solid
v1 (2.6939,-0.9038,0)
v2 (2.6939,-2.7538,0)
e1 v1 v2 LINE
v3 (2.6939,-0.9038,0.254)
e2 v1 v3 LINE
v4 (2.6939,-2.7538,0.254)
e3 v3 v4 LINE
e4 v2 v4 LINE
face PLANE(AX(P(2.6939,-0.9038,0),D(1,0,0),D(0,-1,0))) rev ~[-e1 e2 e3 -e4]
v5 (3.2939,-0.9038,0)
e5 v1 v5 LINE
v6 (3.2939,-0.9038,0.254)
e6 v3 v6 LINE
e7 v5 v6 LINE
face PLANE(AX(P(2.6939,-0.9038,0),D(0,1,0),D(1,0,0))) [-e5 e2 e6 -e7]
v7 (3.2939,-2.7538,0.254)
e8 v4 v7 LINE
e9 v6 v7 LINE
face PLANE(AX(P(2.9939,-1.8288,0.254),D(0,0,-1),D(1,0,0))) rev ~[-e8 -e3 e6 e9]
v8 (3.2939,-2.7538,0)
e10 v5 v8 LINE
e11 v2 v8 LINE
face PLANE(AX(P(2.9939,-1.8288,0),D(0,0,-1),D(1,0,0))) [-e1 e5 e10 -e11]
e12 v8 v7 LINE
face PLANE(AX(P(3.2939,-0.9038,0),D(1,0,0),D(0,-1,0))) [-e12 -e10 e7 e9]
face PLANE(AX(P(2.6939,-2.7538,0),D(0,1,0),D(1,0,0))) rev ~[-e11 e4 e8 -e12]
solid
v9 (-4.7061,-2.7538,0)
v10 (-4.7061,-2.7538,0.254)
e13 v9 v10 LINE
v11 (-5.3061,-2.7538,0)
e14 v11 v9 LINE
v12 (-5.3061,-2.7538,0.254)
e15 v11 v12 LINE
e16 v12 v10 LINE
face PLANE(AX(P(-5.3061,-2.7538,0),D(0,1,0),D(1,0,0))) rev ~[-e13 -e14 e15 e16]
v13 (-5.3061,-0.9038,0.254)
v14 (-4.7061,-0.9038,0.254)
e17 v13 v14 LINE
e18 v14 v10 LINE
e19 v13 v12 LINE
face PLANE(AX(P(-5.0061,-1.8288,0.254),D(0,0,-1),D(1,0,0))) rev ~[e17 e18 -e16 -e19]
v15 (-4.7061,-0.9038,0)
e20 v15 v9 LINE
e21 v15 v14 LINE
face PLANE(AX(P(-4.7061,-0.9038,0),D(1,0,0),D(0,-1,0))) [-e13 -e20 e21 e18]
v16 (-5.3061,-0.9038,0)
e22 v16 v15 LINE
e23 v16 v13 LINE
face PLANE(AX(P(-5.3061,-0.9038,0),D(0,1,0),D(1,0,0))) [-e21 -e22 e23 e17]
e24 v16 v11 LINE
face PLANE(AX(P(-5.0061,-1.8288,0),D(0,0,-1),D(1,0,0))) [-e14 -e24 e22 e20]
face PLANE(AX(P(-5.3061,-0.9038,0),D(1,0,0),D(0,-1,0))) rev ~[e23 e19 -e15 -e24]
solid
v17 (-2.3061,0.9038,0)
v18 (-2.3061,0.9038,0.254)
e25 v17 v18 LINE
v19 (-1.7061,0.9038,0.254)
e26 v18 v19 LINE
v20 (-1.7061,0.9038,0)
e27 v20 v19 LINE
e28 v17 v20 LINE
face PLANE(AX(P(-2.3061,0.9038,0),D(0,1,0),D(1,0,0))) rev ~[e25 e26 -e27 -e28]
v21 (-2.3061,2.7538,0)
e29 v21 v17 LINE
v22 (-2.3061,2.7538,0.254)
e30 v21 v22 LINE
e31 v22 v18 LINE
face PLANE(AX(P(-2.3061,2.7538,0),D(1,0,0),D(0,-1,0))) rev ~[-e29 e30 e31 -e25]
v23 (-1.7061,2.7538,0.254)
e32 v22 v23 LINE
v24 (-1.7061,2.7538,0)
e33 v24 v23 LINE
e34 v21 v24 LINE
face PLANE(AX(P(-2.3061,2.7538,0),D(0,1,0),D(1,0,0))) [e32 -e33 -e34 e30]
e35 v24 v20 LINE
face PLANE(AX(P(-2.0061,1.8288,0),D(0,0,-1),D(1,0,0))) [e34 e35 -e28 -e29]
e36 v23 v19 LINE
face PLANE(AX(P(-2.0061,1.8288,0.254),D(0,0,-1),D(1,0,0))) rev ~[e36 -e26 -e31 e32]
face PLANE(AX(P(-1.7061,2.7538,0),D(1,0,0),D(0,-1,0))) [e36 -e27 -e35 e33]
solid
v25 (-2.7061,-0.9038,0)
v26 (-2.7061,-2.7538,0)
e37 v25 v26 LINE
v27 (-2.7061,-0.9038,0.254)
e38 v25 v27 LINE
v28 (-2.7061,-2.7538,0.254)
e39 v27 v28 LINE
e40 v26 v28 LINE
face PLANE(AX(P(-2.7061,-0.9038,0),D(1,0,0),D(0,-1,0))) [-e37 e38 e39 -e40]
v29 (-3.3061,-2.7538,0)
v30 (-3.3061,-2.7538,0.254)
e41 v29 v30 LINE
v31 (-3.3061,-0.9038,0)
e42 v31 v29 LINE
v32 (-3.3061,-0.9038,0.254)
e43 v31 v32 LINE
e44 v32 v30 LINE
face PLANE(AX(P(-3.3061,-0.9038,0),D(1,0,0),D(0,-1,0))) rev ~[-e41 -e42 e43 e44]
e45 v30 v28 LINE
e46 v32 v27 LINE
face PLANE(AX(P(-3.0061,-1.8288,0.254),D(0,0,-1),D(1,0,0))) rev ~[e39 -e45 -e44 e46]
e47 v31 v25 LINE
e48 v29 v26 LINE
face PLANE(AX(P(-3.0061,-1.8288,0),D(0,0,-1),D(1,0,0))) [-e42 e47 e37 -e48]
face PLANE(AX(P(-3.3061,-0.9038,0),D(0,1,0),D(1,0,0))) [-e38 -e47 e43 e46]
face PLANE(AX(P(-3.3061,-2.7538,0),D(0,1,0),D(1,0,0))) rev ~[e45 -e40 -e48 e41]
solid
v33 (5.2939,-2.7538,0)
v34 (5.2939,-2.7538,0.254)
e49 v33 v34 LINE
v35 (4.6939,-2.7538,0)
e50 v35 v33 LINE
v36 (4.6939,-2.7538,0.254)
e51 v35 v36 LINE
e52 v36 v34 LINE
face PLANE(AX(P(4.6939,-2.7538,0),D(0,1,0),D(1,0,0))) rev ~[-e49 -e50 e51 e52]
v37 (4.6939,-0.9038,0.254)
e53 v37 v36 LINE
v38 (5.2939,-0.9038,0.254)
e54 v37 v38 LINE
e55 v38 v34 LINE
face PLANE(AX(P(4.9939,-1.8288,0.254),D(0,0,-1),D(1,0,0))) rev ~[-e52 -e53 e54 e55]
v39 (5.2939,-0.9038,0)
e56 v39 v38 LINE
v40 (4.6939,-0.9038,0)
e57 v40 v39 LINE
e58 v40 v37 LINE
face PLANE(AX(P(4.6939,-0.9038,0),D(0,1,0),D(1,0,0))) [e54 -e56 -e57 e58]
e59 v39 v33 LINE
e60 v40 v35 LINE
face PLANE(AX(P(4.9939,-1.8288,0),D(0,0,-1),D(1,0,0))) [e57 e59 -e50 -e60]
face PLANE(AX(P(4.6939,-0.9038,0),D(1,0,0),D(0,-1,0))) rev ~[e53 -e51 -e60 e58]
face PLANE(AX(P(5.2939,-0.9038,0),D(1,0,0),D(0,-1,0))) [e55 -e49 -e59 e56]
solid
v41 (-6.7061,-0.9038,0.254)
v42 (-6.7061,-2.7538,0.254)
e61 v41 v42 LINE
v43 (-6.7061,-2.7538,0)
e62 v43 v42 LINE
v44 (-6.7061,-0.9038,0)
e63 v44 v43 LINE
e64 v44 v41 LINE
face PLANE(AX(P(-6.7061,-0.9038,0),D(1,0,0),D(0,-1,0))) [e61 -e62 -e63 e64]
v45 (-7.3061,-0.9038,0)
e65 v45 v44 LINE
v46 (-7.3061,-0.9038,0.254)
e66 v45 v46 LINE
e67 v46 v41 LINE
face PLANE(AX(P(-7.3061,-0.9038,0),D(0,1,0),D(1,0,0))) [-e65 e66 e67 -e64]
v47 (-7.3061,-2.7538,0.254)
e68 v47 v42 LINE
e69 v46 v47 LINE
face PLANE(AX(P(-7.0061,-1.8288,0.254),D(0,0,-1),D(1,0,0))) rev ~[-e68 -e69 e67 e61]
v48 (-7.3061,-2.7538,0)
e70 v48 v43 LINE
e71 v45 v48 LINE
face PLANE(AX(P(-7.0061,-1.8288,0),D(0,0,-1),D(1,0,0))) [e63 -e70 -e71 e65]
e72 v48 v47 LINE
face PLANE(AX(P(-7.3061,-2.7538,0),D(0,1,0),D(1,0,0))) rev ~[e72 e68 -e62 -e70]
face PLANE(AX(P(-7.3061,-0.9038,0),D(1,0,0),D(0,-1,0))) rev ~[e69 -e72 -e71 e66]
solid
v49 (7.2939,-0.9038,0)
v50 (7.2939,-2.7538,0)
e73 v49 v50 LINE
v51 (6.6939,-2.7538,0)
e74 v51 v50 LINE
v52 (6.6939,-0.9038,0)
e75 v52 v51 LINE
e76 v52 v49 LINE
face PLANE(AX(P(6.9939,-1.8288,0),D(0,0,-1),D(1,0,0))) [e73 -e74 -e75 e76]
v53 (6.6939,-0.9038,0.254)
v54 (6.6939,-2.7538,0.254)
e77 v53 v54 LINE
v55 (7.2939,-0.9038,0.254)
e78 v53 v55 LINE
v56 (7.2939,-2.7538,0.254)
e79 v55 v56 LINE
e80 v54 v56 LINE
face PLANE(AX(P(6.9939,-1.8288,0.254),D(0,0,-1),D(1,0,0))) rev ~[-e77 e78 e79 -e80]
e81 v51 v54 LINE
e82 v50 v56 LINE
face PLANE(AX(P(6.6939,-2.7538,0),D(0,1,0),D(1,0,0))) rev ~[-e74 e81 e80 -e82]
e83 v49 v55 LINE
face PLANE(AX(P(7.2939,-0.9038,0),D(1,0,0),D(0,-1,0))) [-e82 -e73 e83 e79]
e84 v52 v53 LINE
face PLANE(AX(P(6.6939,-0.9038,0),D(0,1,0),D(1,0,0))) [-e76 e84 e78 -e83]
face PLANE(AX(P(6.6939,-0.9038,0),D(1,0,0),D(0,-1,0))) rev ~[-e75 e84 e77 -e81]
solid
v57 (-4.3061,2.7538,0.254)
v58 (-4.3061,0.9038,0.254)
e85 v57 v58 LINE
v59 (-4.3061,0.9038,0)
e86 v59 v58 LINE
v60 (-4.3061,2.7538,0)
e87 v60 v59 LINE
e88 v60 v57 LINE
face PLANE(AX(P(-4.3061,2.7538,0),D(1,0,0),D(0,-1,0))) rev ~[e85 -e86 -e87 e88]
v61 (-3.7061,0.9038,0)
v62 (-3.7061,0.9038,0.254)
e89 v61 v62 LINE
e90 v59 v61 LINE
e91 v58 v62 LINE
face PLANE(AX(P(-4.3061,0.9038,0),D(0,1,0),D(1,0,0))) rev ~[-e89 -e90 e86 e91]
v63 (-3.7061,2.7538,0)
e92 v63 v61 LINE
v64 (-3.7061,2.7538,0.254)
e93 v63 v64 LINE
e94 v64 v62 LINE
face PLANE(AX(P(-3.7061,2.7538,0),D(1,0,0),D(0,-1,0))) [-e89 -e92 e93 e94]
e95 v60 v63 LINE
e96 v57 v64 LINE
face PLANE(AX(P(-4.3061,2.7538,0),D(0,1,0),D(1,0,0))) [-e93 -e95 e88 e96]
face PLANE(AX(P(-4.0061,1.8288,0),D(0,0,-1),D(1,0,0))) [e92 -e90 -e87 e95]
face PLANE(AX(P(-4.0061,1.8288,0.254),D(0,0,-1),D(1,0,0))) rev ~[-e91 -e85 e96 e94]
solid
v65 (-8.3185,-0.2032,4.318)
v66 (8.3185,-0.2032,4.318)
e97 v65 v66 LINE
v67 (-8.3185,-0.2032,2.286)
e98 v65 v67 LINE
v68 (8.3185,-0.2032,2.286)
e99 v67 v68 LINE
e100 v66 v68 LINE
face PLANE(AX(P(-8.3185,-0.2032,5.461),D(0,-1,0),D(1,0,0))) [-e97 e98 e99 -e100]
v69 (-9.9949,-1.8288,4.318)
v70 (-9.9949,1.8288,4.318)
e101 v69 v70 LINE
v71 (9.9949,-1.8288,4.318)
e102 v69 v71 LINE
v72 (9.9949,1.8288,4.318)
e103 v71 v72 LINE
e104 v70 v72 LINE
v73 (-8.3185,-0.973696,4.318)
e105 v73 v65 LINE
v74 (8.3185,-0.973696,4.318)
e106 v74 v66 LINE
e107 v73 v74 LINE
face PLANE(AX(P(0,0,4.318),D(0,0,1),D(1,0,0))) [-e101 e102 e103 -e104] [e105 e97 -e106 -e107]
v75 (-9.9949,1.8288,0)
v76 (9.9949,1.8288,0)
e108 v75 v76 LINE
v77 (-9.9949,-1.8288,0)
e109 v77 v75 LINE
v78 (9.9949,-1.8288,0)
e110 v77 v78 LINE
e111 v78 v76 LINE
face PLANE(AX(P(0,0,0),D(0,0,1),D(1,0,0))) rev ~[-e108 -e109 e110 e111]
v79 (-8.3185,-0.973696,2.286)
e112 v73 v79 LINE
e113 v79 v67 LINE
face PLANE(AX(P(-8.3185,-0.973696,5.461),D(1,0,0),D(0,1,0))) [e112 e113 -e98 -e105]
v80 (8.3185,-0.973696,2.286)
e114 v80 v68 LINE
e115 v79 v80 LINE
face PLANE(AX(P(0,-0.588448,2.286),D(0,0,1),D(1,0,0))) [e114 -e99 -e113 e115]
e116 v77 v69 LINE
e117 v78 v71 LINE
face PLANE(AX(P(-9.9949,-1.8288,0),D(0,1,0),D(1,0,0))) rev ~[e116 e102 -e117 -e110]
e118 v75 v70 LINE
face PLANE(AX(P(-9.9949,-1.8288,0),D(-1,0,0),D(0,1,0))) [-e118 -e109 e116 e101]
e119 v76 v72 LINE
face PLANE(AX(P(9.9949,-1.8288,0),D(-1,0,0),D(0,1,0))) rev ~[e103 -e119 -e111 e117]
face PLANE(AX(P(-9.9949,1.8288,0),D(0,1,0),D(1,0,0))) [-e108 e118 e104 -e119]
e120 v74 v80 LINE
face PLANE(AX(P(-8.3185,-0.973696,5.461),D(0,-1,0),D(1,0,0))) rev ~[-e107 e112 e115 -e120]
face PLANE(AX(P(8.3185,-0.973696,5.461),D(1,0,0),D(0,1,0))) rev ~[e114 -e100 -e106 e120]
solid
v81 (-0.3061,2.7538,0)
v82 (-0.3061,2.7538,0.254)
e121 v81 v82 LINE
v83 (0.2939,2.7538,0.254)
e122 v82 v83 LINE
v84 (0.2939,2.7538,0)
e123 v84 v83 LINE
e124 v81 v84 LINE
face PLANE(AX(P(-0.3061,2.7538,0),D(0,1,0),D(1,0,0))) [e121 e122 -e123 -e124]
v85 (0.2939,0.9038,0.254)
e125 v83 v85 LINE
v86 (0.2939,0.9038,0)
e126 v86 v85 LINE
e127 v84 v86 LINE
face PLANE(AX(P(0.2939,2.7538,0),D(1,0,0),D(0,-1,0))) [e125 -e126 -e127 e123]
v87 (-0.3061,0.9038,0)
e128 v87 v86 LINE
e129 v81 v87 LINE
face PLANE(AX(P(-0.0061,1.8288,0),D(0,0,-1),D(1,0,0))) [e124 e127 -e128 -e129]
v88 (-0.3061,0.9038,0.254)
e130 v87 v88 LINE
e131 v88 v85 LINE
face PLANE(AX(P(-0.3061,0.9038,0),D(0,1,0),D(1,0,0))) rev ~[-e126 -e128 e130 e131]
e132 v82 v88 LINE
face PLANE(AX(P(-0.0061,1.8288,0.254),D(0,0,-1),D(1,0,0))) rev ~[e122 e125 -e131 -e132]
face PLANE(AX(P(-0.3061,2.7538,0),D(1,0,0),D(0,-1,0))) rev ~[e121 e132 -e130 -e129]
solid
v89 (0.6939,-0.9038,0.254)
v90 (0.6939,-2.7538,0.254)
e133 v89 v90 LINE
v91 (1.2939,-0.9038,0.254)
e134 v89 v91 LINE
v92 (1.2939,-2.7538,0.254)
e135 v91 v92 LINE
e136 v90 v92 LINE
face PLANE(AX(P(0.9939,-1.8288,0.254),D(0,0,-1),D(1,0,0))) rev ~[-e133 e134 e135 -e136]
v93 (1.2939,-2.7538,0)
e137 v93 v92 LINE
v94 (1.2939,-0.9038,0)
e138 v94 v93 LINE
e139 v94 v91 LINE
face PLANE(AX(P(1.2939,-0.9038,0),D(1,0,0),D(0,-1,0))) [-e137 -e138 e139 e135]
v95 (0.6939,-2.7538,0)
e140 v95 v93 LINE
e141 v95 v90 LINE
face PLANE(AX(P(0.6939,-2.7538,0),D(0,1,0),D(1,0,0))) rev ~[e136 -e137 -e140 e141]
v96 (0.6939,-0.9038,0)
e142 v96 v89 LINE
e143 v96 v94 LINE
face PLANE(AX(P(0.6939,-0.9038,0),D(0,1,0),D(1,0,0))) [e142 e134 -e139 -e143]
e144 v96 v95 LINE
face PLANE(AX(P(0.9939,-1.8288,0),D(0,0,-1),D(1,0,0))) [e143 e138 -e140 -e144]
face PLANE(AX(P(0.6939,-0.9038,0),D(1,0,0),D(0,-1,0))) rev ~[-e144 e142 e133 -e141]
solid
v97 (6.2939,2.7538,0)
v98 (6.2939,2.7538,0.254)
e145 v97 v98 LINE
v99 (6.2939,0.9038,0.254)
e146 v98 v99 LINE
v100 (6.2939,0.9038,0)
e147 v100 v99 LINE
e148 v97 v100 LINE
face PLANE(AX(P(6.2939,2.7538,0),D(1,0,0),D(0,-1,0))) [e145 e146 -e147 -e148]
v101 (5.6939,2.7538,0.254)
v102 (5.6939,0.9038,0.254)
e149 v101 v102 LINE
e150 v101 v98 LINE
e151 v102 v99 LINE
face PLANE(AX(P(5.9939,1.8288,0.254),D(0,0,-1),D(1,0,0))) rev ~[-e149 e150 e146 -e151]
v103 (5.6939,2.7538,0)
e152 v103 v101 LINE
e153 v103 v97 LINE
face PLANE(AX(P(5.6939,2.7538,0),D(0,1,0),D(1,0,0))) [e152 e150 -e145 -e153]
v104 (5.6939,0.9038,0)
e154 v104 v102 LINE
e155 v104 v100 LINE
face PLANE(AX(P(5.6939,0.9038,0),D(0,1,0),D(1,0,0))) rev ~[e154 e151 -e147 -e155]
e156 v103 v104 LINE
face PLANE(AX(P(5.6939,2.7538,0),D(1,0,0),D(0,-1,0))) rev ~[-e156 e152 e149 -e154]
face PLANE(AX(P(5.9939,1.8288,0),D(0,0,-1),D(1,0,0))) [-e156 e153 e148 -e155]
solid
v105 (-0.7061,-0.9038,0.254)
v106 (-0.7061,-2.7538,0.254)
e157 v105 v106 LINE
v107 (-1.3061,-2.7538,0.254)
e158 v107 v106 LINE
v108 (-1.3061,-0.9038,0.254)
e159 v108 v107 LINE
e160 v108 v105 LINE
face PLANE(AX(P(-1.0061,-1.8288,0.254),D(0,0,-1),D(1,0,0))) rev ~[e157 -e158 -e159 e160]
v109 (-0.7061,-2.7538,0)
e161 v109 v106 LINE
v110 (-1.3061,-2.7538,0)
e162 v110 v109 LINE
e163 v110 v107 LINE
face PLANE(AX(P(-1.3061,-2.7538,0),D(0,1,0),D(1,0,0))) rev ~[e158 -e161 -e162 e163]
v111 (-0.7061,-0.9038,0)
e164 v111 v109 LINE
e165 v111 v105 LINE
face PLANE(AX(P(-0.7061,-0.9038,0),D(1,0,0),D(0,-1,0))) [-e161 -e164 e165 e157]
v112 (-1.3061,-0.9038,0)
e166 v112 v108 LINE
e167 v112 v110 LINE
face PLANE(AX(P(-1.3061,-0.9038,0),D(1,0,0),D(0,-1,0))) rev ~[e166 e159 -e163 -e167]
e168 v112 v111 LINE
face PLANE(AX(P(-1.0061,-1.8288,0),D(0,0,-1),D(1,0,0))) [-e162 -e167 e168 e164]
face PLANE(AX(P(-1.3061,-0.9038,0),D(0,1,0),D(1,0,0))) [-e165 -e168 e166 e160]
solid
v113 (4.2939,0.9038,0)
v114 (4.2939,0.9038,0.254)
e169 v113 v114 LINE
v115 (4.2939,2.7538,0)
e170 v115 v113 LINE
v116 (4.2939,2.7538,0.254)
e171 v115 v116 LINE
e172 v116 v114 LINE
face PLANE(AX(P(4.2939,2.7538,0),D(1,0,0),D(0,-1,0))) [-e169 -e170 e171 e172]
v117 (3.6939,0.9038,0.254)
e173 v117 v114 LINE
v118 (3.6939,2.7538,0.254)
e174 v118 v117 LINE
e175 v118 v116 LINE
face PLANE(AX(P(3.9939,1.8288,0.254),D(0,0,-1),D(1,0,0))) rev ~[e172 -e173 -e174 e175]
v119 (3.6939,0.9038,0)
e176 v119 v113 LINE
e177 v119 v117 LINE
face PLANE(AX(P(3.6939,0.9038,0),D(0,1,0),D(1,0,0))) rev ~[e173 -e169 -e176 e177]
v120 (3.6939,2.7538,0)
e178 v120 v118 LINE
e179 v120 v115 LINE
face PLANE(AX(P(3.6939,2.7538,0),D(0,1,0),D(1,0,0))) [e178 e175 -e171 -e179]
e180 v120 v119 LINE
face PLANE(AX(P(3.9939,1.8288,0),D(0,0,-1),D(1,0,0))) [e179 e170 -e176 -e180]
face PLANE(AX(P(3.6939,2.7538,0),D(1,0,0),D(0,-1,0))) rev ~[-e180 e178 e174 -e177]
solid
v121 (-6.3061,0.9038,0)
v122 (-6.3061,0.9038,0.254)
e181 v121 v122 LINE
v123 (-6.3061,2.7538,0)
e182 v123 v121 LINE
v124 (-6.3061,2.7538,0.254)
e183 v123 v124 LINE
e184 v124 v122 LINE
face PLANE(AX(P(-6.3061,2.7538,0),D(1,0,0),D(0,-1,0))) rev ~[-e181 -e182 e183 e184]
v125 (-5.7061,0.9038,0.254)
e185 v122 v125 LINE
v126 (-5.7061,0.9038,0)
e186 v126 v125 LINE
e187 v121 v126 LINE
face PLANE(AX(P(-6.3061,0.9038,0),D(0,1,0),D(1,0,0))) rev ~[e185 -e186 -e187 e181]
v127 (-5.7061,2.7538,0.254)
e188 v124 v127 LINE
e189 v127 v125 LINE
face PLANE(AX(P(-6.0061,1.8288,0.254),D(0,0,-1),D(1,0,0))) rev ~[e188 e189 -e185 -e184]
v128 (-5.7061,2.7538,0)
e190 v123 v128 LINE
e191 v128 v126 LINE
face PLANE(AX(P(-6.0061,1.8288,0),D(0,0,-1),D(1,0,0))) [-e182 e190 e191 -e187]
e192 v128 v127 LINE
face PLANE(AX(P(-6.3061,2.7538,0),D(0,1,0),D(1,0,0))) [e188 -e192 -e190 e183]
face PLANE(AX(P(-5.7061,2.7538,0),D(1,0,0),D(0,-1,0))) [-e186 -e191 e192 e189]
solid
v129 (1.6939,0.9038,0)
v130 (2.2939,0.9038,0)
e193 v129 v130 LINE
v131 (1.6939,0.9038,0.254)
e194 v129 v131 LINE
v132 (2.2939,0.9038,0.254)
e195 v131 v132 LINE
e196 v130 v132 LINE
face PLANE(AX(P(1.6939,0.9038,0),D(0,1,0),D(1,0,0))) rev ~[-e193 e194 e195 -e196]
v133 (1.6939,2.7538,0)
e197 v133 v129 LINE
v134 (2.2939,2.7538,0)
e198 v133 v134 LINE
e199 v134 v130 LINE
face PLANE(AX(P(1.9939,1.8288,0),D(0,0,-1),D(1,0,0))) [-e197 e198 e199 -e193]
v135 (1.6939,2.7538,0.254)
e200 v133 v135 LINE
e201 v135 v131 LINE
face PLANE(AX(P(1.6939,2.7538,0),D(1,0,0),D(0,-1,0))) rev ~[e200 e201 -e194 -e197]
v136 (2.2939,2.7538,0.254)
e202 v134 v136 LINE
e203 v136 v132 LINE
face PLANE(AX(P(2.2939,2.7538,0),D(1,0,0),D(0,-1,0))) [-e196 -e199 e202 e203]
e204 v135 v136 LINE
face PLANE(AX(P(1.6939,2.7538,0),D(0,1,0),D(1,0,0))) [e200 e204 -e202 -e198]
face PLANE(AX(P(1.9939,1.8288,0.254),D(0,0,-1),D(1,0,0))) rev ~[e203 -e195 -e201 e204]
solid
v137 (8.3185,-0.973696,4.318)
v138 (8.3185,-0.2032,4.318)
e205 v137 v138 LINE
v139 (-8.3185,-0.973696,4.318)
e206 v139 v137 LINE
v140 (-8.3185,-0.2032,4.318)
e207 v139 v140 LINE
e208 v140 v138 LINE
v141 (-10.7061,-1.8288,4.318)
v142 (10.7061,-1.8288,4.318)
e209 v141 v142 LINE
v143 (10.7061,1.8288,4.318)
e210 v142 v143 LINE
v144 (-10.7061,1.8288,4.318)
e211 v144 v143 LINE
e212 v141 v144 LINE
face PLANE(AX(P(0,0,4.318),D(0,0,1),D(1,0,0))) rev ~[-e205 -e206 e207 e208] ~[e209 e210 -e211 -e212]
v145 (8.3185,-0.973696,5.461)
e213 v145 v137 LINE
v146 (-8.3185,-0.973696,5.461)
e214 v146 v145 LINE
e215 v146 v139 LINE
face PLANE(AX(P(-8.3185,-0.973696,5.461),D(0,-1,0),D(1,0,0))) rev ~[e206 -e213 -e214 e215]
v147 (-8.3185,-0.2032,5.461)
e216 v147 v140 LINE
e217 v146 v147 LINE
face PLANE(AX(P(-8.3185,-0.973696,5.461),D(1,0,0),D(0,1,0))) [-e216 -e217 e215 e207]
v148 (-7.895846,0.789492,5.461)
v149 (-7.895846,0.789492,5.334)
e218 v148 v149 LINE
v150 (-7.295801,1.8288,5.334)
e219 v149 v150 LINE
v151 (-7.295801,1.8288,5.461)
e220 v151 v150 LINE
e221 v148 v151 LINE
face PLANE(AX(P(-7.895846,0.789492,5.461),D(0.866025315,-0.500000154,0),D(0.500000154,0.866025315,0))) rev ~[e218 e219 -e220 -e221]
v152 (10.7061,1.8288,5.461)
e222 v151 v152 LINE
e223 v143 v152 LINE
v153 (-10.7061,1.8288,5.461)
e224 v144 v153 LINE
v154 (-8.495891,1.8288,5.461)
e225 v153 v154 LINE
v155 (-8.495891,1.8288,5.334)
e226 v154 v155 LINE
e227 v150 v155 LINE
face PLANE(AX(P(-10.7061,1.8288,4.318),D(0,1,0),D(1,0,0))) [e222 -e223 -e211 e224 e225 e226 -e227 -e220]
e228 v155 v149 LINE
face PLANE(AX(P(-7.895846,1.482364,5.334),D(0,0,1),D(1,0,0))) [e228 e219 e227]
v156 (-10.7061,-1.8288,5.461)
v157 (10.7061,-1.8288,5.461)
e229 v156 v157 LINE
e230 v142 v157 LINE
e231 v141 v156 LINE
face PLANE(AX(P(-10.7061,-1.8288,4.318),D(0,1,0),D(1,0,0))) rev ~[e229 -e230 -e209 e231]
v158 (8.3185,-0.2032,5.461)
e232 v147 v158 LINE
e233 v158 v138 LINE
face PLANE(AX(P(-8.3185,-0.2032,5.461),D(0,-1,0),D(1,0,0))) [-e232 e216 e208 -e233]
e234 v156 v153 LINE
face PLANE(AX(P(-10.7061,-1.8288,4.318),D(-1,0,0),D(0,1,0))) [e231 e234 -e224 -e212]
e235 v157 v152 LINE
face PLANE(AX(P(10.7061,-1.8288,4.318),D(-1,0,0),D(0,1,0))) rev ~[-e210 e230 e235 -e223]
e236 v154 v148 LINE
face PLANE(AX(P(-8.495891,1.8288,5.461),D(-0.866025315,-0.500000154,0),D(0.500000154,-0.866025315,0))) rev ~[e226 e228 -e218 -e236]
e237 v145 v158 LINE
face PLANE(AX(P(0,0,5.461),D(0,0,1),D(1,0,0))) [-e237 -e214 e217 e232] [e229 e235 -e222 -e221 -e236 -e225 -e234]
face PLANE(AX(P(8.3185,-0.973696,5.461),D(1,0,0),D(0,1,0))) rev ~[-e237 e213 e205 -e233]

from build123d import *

# Parameters (mm, degrees)
F0_W     = 19.9898
F0_H     = 3.6576
F1_DEPTH = 4.318
F2_W     = 21.4122
F2_H     = 3.6576
F3_DEPTH = 1.143
F4_W     = 0.6
F4_H     = 1.85
F5_DEPTH = 0.254
F6_W     = 16.637
F6_H     = 0.770496
F7_DEPTH = 3.175
F9_DEPTH = 0.127


with BuildPart() as f1:
    # F0 (on Top) → F1 (new body)
    with BuildSketch(Plane.XY):
        Rectangle(F0_W, F0_H)
    extrude(amount=F1_DEPTH)


with BuildPart() as f3:
    # F2 (on face) → F3 (new body)
    with BuildSketch(Plane.XY.offset(4.318)):
        Rectangle(F2_W, F2_H)
    extrude(amount=F3_DEPTH)


with BuildPart() as f5:
    # F4 (on face) → F5 (new body)
    with BuildSketch(Plane(origin=(0, 0, 0), x_dir=(1, 0, 0), z_dir=(0, 0, -1))):
        with Locations((-7.0061, 1.8288)):
            Rectangle(F4_W, F4_H)
        with Locations((-5.0061, 1.8288)):
            Rectangle(F4_W, F4_H)
        with Locations((-3.0061, 1.8288)):
            Rectangle(F4_W, F4_H)
        with Locations((-1.0061, 1.8288)):
            Rectangle(F4_W, F4_H)
        with Locations((0.9939, 1.8288)):
            Rectangle(F4_W, F4_H)
        with Locations((2.9939, 1.8288)):
            Rectangle(F4_W, F4_H)
        with Locations((4.9939, 1.8288)):
            Rectangle(F4_W, F4_H)
        with Locations((6.9939, 1.8288)):
            Rectangle(F4_W, F4_H)
        with Locations((-6.0061, -1.8288)):
            Rectangle(F4_W, F4_H)
        with Locations((-4.0061, -1.8288)):
            Rectangle(F4_W, F4_H)
        with Locations((-2.0061, -1.8288)):
            Rectangle(F4_W, F4_H)
        with Locations((-0.0061, -1.8288)):
            Rectangle(F4_W, F4_H)
        with Locations((1.9939, -1.8288)):
            Rectangle(F4_W, F4_H)
        with Locations((3.9939, -1.8288)):
            Rectangle(F4_W, F4_H)
        with Locations((5.9939, -1.8288)):
            Rectangle(F4_W, F4_H)
    extrude(amount=-F5_DEPTH)


with BuildPart() as f7_tool:
    # F6 (on face) → F7 (new body)
    with BuildSketch(Plane.XY.offset(5.461)):
        with Locations((0, -0.588448)):
            Rectangle(F6_W, F6_H)
    extrude(amount=-F7_DEPTH)


with BuildPart() as f1_1:
    add(f1.part)

    # F7: cut by f7_tool
    add(f7_tool.part, mode=Mode.SUBTRACT)


with BuildPart() as f3_1:
    add(f3.part)

    # F7: cut by f7_tool
    add(f7_tool.part, mode=Mode.SUBTRACT)

    # F8 (on face) → F9 (cut)
    with BuildSketch(Plane.XY.offset(5.461)):
        Polygon((-7.895846, 0.789492), (-7.295801, 1.8288), (-8.495891, 1.8288), align=None)
    extrude(amount=-F9_DEPTH, mode=Mode.SUBTRACT)


solid = Compound([f5.part, f1_1.part, f3_1.part])
